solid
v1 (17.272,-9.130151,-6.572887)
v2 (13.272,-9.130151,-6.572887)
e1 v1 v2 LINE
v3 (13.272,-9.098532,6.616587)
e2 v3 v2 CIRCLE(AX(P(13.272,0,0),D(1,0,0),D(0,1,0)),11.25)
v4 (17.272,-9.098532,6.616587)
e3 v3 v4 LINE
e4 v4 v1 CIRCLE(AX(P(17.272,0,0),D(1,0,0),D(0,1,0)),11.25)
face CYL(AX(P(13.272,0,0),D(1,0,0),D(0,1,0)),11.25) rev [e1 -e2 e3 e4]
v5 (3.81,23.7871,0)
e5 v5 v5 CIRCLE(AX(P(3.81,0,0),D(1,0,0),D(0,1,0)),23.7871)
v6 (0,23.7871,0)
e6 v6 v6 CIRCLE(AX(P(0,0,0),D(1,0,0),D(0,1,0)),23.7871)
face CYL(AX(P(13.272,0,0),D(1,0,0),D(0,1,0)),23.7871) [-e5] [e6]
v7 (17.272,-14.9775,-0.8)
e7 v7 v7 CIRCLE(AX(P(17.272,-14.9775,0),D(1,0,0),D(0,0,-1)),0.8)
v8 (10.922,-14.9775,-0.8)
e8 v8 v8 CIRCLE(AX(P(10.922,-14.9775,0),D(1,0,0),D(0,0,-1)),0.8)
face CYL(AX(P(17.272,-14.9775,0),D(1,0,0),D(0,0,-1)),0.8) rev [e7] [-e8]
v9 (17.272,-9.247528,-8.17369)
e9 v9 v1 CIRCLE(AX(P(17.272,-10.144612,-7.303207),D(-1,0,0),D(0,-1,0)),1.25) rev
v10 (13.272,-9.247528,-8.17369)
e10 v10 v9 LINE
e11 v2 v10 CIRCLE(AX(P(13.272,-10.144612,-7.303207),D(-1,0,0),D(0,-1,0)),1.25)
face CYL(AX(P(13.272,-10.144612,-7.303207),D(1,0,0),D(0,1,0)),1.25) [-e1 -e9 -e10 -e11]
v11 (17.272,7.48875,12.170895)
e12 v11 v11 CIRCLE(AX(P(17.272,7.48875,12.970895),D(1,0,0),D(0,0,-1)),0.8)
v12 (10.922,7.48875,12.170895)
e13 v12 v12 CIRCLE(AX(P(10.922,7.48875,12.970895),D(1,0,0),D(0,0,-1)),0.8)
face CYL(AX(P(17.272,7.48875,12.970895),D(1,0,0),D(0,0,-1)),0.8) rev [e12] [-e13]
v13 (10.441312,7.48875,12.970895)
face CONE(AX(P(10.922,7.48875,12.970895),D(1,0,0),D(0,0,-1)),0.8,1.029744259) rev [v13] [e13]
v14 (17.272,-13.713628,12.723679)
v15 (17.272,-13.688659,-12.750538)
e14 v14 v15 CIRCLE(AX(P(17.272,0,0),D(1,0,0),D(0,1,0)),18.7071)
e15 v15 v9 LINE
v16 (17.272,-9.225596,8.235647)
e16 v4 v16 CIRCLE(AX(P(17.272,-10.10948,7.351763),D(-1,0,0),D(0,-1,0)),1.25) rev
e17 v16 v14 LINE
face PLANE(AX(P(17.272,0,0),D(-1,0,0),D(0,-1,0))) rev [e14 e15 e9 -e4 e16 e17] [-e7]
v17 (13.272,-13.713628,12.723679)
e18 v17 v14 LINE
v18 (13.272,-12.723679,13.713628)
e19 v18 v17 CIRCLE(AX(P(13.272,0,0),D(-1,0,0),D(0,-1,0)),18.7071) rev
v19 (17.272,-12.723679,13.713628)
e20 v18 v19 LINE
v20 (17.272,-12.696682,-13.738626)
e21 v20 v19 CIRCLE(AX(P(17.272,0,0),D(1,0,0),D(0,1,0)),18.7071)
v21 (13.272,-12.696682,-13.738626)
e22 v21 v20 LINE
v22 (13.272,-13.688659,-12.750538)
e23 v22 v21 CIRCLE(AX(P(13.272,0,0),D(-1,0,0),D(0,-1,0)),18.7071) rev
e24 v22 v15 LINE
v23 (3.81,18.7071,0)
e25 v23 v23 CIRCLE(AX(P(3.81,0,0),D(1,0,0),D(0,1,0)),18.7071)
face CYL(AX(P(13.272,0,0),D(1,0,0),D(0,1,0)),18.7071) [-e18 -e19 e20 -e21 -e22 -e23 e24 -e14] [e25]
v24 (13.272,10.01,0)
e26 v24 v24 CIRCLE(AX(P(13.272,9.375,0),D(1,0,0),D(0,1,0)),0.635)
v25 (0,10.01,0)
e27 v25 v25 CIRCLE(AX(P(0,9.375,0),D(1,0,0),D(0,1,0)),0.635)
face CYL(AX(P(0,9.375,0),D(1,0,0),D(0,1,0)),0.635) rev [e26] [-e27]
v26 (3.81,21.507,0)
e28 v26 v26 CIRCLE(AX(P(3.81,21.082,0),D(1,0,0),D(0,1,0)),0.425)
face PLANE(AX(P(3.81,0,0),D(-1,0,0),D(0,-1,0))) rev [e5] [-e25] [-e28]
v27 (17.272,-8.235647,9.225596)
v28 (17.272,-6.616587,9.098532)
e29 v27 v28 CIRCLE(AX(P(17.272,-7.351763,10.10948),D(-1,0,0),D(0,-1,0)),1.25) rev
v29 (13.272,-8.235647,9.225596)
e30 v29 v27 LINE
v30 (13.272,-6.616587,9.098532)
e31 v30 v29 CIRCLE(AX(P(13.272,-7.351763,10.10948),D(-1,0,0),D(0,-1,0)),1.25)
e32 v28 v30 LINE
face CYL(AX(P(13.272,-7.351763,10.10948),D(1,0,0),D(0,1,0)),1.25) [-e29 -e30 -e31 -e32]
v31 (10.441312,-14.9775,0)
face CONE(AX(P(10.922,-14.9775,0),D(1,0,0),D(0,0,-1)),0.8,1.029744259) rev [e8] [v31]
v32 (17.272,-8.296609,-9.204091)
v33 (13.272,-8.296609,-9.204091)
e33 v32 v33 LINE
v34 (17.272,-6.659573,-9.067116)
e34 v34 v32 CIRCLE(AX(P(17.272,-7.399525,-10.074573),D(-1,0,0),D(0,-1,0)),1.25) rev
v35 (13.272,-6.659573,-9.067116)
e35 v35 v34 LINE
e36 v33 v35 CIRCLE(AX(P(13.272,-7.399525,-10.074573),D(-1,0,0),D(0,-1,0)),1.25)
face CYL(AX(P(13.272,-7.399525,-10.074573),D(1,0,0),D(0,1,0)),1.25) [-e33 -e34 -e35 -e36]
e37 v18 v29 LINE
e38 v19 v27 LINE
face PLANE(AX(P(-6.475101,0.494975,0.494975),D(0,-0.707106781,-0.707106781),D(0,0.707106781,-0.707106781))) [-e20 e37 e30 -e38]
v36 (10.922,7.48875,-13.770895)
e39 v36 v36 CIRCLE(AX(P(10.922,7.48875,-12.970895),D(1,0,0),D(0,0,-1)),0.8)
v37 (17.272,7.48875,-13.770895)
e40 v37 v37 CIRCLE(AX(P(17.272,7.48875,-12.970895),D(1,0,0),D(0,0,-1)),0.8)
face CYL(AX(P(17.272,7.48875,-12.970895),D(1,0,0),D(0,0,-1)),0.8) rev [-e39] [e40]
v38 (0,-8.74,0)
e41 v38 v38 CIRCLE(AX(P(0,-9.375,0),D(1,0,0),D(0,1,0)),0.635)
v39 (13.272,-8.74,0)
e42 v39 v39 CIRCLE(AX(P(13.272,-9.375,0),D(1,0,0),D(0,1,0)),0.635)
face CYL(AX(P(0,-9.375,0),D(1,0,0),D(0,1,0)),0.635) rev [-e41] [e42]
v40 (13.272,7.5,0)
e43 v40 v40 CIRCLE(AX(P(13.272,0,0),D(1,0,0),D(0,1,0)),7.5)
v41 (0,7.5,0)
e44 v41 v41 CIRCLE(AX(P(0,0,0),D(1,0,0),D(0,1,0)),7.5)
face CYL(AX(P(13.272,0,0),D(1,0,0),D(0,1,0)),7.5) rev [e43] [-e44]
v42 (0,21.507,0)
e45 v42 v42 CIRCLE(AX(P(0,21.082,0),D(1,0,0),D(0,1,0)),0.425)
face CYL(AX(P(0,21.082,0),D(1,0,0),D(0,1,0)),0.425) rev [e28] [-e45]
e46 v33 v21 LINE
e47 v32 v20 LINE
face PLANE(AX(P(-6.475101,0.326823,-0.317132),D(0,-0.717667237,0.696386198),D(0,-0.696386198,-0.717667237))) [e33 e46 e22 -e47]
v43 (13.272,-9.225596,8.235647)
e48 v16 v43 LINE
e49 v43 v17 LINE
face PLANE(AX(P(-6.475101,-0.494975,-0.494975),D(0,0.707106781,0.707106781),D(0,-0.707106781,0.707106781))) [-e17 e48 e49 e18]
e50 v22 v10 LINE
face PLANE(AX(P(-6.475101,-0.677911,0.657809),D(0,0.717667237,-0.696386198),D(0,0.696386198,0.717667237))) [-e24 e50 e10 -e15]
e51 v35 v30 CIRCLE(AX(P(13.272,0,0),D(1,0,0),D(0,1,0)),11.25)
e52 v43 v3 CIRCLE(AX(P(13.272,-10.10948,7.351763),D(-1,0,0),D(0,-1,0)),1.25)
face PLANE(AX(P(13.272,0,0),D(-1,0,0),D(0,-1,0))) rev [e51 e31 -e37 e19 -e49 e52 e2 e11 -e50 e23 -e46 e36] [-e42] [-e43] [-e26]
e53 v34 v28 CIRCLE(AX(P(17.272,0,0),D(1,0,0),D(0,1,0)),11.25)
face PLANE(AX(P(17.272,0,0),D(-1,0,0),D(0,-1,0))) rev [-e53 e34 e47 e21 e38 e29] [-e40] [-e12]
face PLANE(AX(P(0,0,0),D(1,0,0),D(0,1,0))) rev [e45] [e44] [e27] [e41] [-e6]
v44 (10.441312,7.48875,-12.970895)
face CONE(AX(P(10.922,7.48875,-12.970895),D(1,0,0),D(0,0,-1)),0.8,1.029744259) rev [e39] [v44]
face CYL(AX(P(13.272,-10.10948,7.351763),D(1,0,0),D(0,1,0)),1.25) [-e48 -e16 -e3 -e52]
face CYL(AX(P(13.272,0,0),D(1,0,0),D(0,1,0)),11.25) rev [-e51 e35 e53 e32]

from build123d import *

# Parameters (mm, degrees)
SKETCH2_R                 = 0.315
CUT_EXTRUDE1_DEPTH        = 4
SKETCH3_R                 = 0.425
CUT_EXTRUDE2_DEPTH        = 37.233654202
SKETCH4_R                 = 0.635
CUT_EXTRUDE3_DEPTH        = 37.16349315
FILLET1_R                 = 1.25
M2X0_4_TAPPED_HOLE1_D     = 1.6
M2X0_4_TAPPED_HOLE1_DEPTH = 6.35
M2X0_4_TAPPED_HOLE1_TIP   = 0.480688495


with BuildPart() as part:
    # Sketch1 → Revolve1 (revolve)
    with BuildSketch(Plane.XY):
        Polygon((0, 23.7871), (0, 7.5), (13.272, 7.5), (13.272, 11.25), (17.272, 11.25), (17.272, 18.7071), (3.81, 18.7071), (3.81, 23.7871), align=None)
    revolve(axis=Axis((13.272, 0, 0), (-1, 0, 0)))

    # Sketch2 → Cut-Extrude1 (cut)
    with BuildSketch(Plane(origin=(17.272, 0, 0), x_dir=(0, 0, -1), z_dir=(1, 0, 0))):
        with BuildLine():
            Line((-0.657808531, -0.677910665), (0, 0))
            Line((0, 0), (-0.494974747, 0.494974747))
            Line((-0.494974747, 0.494974747), (-8.434511887, -7.444562393))
            ThreePointArc((-8.434511887, -7.444562393), (-7.954951288, -7.954951288), (-7.444562393, -8.434511887))
            Line((-7.444562393, -8.434511887), (-0.16558691, -1.155536403))
            Line((-0.16558691, -1.155536403), (-0.657808531, -0.677910665))
        make_face()
        with BuildLine():
            Line((-12.723678558, -13.713628052), (-7.444562393, -8.434511887))
            ThreePointArc((-7.444562393, -8.434511887), (-7.954951288, -7.954951288), (-8.434511887, -7.444562393))
            Line((-8.434511887, -7.444562393), (-13.713628052, -12.723678558))
            ThreePointArc((-13.713628052, -12.723678558), (-13.473131789, -12.978070358), (-13.227917265, -13.227917267))
            ThreePointArc((-13.227917265, -13.227917267), (-12.978070357, -13.473131789), (-12.723678558, -13.713628052))
        make_face()
        with BuildLine():
            Line((13.738626304, -12.696682153), (8.384270986, -7.501099921))
            ThreePointArc((8.384270986, -7.501099921), (7.901171337, -8.00837009), (7.387437256, -8.484590196))
            Line((7.387437256, -8.484590196), (12.750537979, -13.688658505))
            ThreePointArc((12.750537979, -13.688658505), (13.09218126, -13.362274517), (13.425472665, -13.027366354))
            ThreePointArc((13.425472665, -13.027366354), (13.58305585, -12.862977268), (13.738626304, -12.696682153))
        make_face()
        with BuildLine():
            Line((8.384270986, -7.501099921), (0.317132147, 0.326823466))
            Line((0.317132147, 0.326823466), (0, 0))
            Line((0, 0), (0.494974747, -0.494974747))
            Line((0.494974747, -0.494974747), (-0.16558691, -1.155536403))
            Line((-0.16558691, -1.155536403), (7.387437256, -8.484590196))
            ThreePointArc((7.387437256, -8.484590196), (7.901171337, -8.00837009), (8.384270986, -7.501099921))
        make_face()
        with Locations((0, -14.9775)):
            Circle(SKETCH2_R)
        with Locations((-12.970895485, 7.48875)):
            Circle(SKETCH2_R)
        with Locations((12.970895485, 7.48875)):
            Circle(SKETCH2_R)
    extrude(amount=-CUT_EXTRUDE1_DEPTH, mode=Mode.SUBTRACT)

    # Sketch3 → Cut-Extrude2 (cut, through all)
    with BuildSketch(Plane(origin=(3.81, 0, 0), x_dir=(0, 0, -1), z_dir=(1, 0, 0))):
        with Locations(Location((0, 21.082, 0), (0, 0, 90))):
            Circle(SKETCH3_R)
    extrude(amount=-CUT_EXTRUDE2_DEPTH, mode=Mode.SUBTRACT)

    # Sketch4 → Cut-Extrude3 (cut, through all)
    with BuildSketch(Plane(origin=(13.272, 0, 0), x_dir=(0, 0, -1), z_dir=(1, 0, 0))):
        with Locations(Location((0, 9.375, 0), (0, 0, 90))):
            Circle(SKETCH4_R)
        with Locations(Location((0, -9.375, 0), (0, 0, 90))):
            Circle(SKETCH4_R)
    extrude(amount=-CUT_EXTRUDE3_DEPTH, mode=Mode.SUBTRACT)

    # Fillet1
    fillet1_edges = [part.edges().sort_by_distance(p)[0] for p in [
        (15.272, -7.444562393, 8.434511887),
        (15.272, -8.434511887, 7.444562393),
        (15.272, -7.501099921, -8.384270986),
        (15.272, -8.484590196, -7.387437256),
    ]]
    fillet(fillet1_edges, radius=FILLET1_R)

    # M2x0.4 Tapped Hole1
    with Locations(Plane(origin=(17.272, 7.48875, 12.970895485), x_dir=(0, 0, 1), z_dir=(1, 0, 0))):
        with Locations((0, 0), (-25.94179097, 0), (-12.970895485, 22.46625)):
            Hole(M2X0_4_TAPPED_HOLE1_D / 2, depth=M2X0_4_TAPPED_HOLE1_DEPTH)
            with Locations((0, 0, -(M2X0_4_TAPPED_HOLE1_DEPTH + M2X0_4_TAPPED_HOLE1_TIP / 2))):  # 118° drill point
                Cone(0, M2X0_4_TAPPED_HOLE1_D / 2, M2X0_4_TAPPED_HOLE1_TIP, mode=Mode.SUBTRACT)


solid = part.part
